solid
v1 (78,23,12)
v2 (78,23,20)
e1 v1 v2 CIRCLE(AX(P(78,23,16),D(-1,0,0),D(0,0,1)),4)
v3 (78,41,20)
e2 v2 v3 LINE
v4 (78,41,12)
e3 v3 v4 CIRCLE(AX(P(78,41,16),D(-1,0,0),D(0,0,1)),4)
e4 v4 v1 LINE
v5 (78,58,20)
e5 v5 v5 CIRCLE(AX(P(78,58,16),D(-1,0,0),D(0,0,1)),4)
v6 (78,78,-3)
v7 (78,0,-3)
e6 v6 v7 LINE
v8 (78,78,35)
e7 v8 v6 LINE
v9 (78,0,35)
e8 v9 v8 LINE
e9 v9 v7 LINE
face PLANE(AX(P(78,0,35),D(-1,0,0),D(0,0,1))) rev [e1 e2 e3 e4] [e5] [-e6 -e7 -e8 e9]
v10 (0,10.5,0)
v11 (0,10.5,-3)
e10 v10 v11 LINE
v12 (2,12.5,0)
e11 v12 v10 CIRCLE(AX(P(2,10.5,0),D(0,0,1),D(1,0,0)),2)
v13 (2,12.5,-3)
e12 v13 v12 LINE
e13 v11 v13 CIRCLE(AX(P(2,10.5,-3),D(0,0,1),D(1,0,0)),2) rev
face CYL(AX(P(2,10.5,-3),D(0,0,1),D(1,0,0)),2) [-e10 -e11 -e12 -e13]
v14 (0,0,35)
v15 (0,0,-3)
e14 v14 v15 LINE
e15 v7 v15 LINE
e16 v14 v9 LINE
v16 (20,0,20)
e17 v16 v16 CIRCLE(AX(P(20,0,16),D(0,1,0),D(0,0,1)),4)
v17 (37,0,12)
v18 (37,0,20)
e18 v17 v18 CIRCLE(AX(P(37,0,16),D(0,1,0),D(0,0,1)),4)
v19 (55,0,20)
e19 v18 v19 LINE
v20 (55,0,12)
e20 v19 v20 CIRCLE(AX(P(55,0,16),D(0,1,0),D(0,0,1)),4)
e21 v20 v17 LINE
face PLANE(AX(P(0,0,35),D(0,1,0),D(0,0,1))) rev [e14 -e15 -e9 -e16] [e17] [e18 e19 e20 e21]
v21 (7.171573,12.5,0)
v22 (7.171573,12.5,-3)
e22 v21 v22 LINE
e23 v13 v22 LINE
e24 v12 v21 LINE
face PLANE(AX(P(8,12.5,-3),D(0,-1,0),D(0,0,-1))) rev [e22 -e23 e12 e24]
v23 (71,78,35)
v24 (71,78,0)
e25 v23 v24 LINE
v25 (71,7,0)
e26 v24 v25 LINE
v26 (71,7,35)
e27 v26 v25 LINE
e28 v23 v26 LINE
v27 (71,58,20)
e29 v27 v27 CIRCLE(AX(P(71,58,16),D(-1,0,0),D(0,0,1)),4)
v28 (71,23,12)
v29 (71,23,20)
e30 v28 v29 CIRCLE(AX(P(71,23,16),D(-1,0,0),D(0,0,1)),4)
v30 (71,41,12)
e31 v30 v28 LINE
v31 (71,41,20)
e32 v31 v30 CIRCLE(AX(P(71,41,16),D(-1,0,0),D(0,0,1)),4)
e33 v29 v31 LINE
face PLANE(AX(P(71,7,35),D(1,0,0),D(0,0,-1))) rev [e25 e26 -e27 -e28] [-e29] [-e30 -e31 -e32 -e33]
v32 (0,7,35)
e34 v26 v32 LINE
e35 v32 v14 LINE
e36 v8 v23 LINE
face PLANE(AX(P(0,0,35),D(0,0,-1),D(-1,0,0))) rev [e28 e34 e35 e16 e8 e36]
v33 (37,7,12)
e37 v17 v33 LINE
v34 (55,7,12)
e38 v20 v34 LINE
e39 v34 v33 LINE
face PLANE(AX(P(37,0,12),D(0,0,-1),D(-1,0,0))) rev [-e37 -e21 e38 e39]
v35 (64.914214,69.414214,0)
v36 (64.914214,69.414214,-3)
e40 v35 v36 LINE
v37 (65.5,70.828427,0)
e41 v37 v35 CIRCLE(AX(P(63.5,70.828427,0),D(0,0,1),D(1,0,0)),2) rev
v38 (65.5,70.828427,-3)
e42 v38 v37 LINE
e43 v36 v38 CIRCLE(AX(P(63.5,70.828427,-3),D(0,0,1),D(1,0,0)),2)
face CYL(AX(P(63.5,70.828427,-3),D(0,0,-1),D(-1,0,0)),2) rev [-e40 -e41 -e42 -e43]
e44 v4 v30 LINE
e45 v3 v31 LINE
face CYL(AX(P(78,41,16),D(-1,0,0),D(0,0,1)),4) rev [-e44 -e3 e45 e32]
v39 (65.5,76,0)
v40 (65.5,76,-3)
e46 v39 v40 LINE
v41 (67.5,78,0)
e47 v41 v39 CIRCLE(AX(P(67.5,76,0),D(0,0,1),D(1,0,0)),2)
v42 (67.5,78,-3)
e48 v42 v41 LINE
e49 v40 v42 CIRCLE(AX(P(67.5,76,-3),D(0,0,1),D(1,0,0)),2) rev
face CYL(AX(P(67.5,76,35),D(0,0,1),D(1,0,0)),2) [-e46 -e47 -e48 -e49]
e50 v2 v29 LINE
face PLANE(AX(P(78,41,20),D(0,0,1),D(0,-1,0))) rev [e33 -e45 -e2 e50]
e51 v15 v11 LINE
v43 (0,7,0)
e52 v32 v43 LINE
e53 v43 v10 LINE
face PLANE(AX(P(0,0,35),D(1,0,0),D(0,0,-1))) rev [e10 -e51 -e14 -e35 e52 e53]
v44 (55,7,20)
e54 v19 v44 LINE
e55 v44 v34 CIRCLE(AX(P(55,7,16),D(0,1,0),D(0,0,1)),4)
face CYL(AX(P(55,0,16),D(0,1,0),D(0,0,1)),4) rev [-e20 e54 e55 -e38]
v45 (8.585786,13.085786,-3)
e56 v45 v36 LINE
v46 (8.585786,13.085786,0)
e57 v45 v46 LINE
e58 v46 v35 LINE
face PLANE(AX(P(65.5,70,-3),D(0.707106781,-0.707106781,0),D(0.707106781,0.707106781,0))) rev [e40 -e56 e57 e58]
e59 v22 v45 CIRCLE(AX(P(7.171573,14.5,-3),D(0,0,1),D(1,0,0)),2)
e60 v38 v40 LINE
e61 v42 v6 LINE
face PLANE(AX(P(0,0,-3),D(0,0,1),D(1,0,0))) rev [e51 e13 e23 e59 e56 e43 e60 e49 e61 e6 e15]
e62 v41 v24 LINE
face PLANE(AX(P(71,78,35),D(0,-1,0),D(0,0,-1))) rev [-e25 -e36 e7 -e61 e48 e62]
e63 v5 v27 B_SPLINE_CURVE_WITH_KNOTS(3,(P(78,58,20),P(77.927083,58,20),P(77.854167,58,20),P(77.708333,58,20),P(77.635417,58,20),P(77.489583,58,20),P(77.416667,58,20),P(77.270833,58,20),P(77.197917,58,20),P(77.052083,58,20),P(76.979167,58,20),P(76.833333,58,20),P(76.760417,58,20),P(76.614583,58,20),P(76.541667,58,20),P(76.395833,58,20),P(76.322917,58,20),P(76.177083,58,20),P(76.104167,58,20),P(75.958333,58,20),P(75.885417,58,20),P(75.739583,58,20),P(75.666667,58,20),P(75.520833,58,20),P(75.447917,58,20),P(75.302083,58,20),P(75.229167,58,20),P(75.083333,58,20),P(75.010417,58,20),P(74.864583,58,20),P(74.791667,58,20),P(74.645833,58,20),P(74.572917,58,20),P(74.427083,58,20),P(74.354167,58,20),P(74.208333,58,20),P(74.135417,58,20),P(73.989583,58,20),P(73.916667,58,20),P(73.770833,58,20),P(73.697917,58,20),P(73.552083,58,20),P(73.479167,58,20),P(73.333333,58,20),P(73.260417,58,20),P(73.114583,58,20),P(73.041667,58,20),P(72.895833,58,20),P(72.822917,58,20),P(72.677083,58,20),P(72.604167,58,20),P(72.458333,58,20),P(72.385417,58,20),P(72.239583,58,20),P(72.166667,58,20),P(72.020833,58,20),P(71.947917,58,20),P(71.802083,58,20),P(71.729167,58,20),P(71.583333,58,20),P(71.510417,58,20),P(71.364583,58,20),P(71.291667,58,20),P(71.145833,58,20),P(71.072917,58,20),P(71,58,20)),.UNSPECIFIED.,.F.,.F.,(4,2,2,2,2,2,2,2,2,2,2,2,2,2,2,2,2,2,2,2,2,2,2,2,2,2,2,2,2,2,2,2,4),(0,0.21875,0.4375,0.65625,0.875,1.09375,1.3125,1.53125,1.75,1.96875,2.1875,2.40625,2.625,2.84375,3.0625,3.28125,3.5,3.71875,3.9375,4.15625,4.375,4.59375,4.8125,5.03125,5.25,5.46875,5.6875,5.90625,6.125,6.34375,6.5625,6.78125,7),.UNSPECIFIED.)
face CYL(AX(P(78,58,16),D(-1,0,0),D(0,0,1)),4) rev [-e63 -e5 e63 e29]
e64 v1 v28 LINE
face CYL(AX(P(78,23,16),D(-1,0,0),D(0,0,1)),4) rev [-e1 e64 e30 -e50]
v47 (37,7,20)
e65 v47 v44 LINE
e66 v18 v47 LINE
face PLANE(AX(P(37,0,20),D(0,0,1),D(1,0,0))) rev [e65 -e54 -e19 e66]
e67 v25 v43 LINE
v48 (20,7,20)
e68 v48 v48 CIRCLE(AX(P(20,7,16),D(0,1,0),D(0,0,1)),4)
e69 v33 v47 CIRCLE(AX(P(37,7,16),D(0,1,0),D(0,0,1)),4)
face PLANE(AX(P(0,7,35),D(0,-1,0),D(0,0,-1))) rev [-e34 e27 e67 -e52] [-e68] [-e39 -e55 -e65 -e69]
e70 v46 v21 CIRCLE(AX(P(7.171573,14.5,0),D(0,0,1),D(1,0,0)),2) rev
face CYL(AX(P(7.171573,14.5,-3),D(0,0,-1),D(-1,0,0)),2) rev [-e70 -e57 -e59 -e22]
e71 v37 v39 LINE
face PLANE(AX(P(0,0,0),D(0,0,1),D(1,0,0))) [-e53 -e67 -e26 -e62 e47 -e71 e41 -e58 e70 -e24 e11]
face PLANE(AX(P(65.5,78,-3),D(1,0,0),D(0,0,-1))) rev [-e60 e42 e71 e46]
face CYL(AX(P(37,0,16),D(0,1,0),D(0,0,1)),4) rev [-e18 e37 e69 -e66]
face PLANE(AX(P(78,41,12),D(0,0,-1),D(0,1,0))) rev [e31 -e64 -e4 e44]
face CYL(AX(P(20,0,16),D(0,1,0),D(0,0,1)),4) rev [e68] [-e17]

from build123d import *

# Parameters (mm, degrees)
EXTRUDE_1_DEPTH     = 35
EXTRUDE_2_DEPTH     = 3
SKETCH_3_R          = 4
CUT_EXTRUDE_1_DEPTH = 112.130553854
SKETCH_4_R          = 4
CUT_EXTRUDE_2_DEPTH = 112.130553854
FILLET_1_R          = 2
FILLET_2_R          = 2


with BuildPart() as part:
    # 草图1 → 凸台-拉伸1 (new body)
    with BuildSketch(Plane.XY):
        Polygon((0, 0), (78, 0), (78, 78), (71, 78), (71, 7), (0, 7), align=None)
    extrude(amount=EXTRUDE_1_DEPTH)

    # 草图2 → 凸台-拉伸2 (add)
    with BuildSketch(Plane(origin=(0, 0, 0), x_dir=(-1, 0, 0), z_dir=(0, 0, -1))):
        Polygon((-78, 78), (-78, 0), (0, 0), (0, 12.5), (-8, 12.5), (-65.5, 70), (-65.5, 78), align=None)
    extrude(amount=EXTRUDE_2_DEPTH)

    # 草图3 → 切除-拉伸1 (cut, through all)
    with BuildSketch(Plane.ZY.offset(-71)):
        with Locations((16, 58)):
            Circle(SKETCH_3_R)
        with BuildLine():
            Line((12, 41), (12, 23))
            ThreePointArc((12, 23), (16, 19), (20, 23))
            Line((20, 23), (20, 41))
            ThreePointArc((20, 41), (16, 45), (12, 41))
        make_face()
    extrude(amount=-CUT_EXTRUDE_1_DEPTH, mode=Mode.SUBTRACT)

    # 草图4 → 切除-拉伸2 (cut, through all)
    with BuildSketch(Plane(origin=(0, 7, 0), x_dir=(1, 0, 0), z_dir=(0, 1, 0))):
        with Locations(Location((20, -16, 0), (0, 0, 270))):
            Circle(SKETCH_4_R)
        with BuildLine():
            Line((37, -20), (55, -20))
            ThreePointArc((55, -20), (59, -16), (55, -12))
            Line((55, -12), (37, -12))
            ThreePointArc((37, -12), (33, -16), (37, -20))
        make_face()
    extrude(amount=-CUT_EXTRUDE_2_DEPTH, mode=Mode.SUBTRACT)

    # 圆角1
    fillet_1_edges = [part.edges().sort_by_distance(p)[0] for p in [
        (65.5, 78, -1.5),
        (0, 12.5, -1.5),
    ]]
    fillet(fillet_1_edges, radius=FILLET_1_R)

    # 圆角2
    fillet_2_edges = [part.edges().sort_by_distance(p)[0] for p in [
        (8, 12.5, -1.5),
        (65.5, 70, -1.5),
    ]]
    fillet(fillet_2_edges, radius=FILLET_2_R)


solid = part.part
